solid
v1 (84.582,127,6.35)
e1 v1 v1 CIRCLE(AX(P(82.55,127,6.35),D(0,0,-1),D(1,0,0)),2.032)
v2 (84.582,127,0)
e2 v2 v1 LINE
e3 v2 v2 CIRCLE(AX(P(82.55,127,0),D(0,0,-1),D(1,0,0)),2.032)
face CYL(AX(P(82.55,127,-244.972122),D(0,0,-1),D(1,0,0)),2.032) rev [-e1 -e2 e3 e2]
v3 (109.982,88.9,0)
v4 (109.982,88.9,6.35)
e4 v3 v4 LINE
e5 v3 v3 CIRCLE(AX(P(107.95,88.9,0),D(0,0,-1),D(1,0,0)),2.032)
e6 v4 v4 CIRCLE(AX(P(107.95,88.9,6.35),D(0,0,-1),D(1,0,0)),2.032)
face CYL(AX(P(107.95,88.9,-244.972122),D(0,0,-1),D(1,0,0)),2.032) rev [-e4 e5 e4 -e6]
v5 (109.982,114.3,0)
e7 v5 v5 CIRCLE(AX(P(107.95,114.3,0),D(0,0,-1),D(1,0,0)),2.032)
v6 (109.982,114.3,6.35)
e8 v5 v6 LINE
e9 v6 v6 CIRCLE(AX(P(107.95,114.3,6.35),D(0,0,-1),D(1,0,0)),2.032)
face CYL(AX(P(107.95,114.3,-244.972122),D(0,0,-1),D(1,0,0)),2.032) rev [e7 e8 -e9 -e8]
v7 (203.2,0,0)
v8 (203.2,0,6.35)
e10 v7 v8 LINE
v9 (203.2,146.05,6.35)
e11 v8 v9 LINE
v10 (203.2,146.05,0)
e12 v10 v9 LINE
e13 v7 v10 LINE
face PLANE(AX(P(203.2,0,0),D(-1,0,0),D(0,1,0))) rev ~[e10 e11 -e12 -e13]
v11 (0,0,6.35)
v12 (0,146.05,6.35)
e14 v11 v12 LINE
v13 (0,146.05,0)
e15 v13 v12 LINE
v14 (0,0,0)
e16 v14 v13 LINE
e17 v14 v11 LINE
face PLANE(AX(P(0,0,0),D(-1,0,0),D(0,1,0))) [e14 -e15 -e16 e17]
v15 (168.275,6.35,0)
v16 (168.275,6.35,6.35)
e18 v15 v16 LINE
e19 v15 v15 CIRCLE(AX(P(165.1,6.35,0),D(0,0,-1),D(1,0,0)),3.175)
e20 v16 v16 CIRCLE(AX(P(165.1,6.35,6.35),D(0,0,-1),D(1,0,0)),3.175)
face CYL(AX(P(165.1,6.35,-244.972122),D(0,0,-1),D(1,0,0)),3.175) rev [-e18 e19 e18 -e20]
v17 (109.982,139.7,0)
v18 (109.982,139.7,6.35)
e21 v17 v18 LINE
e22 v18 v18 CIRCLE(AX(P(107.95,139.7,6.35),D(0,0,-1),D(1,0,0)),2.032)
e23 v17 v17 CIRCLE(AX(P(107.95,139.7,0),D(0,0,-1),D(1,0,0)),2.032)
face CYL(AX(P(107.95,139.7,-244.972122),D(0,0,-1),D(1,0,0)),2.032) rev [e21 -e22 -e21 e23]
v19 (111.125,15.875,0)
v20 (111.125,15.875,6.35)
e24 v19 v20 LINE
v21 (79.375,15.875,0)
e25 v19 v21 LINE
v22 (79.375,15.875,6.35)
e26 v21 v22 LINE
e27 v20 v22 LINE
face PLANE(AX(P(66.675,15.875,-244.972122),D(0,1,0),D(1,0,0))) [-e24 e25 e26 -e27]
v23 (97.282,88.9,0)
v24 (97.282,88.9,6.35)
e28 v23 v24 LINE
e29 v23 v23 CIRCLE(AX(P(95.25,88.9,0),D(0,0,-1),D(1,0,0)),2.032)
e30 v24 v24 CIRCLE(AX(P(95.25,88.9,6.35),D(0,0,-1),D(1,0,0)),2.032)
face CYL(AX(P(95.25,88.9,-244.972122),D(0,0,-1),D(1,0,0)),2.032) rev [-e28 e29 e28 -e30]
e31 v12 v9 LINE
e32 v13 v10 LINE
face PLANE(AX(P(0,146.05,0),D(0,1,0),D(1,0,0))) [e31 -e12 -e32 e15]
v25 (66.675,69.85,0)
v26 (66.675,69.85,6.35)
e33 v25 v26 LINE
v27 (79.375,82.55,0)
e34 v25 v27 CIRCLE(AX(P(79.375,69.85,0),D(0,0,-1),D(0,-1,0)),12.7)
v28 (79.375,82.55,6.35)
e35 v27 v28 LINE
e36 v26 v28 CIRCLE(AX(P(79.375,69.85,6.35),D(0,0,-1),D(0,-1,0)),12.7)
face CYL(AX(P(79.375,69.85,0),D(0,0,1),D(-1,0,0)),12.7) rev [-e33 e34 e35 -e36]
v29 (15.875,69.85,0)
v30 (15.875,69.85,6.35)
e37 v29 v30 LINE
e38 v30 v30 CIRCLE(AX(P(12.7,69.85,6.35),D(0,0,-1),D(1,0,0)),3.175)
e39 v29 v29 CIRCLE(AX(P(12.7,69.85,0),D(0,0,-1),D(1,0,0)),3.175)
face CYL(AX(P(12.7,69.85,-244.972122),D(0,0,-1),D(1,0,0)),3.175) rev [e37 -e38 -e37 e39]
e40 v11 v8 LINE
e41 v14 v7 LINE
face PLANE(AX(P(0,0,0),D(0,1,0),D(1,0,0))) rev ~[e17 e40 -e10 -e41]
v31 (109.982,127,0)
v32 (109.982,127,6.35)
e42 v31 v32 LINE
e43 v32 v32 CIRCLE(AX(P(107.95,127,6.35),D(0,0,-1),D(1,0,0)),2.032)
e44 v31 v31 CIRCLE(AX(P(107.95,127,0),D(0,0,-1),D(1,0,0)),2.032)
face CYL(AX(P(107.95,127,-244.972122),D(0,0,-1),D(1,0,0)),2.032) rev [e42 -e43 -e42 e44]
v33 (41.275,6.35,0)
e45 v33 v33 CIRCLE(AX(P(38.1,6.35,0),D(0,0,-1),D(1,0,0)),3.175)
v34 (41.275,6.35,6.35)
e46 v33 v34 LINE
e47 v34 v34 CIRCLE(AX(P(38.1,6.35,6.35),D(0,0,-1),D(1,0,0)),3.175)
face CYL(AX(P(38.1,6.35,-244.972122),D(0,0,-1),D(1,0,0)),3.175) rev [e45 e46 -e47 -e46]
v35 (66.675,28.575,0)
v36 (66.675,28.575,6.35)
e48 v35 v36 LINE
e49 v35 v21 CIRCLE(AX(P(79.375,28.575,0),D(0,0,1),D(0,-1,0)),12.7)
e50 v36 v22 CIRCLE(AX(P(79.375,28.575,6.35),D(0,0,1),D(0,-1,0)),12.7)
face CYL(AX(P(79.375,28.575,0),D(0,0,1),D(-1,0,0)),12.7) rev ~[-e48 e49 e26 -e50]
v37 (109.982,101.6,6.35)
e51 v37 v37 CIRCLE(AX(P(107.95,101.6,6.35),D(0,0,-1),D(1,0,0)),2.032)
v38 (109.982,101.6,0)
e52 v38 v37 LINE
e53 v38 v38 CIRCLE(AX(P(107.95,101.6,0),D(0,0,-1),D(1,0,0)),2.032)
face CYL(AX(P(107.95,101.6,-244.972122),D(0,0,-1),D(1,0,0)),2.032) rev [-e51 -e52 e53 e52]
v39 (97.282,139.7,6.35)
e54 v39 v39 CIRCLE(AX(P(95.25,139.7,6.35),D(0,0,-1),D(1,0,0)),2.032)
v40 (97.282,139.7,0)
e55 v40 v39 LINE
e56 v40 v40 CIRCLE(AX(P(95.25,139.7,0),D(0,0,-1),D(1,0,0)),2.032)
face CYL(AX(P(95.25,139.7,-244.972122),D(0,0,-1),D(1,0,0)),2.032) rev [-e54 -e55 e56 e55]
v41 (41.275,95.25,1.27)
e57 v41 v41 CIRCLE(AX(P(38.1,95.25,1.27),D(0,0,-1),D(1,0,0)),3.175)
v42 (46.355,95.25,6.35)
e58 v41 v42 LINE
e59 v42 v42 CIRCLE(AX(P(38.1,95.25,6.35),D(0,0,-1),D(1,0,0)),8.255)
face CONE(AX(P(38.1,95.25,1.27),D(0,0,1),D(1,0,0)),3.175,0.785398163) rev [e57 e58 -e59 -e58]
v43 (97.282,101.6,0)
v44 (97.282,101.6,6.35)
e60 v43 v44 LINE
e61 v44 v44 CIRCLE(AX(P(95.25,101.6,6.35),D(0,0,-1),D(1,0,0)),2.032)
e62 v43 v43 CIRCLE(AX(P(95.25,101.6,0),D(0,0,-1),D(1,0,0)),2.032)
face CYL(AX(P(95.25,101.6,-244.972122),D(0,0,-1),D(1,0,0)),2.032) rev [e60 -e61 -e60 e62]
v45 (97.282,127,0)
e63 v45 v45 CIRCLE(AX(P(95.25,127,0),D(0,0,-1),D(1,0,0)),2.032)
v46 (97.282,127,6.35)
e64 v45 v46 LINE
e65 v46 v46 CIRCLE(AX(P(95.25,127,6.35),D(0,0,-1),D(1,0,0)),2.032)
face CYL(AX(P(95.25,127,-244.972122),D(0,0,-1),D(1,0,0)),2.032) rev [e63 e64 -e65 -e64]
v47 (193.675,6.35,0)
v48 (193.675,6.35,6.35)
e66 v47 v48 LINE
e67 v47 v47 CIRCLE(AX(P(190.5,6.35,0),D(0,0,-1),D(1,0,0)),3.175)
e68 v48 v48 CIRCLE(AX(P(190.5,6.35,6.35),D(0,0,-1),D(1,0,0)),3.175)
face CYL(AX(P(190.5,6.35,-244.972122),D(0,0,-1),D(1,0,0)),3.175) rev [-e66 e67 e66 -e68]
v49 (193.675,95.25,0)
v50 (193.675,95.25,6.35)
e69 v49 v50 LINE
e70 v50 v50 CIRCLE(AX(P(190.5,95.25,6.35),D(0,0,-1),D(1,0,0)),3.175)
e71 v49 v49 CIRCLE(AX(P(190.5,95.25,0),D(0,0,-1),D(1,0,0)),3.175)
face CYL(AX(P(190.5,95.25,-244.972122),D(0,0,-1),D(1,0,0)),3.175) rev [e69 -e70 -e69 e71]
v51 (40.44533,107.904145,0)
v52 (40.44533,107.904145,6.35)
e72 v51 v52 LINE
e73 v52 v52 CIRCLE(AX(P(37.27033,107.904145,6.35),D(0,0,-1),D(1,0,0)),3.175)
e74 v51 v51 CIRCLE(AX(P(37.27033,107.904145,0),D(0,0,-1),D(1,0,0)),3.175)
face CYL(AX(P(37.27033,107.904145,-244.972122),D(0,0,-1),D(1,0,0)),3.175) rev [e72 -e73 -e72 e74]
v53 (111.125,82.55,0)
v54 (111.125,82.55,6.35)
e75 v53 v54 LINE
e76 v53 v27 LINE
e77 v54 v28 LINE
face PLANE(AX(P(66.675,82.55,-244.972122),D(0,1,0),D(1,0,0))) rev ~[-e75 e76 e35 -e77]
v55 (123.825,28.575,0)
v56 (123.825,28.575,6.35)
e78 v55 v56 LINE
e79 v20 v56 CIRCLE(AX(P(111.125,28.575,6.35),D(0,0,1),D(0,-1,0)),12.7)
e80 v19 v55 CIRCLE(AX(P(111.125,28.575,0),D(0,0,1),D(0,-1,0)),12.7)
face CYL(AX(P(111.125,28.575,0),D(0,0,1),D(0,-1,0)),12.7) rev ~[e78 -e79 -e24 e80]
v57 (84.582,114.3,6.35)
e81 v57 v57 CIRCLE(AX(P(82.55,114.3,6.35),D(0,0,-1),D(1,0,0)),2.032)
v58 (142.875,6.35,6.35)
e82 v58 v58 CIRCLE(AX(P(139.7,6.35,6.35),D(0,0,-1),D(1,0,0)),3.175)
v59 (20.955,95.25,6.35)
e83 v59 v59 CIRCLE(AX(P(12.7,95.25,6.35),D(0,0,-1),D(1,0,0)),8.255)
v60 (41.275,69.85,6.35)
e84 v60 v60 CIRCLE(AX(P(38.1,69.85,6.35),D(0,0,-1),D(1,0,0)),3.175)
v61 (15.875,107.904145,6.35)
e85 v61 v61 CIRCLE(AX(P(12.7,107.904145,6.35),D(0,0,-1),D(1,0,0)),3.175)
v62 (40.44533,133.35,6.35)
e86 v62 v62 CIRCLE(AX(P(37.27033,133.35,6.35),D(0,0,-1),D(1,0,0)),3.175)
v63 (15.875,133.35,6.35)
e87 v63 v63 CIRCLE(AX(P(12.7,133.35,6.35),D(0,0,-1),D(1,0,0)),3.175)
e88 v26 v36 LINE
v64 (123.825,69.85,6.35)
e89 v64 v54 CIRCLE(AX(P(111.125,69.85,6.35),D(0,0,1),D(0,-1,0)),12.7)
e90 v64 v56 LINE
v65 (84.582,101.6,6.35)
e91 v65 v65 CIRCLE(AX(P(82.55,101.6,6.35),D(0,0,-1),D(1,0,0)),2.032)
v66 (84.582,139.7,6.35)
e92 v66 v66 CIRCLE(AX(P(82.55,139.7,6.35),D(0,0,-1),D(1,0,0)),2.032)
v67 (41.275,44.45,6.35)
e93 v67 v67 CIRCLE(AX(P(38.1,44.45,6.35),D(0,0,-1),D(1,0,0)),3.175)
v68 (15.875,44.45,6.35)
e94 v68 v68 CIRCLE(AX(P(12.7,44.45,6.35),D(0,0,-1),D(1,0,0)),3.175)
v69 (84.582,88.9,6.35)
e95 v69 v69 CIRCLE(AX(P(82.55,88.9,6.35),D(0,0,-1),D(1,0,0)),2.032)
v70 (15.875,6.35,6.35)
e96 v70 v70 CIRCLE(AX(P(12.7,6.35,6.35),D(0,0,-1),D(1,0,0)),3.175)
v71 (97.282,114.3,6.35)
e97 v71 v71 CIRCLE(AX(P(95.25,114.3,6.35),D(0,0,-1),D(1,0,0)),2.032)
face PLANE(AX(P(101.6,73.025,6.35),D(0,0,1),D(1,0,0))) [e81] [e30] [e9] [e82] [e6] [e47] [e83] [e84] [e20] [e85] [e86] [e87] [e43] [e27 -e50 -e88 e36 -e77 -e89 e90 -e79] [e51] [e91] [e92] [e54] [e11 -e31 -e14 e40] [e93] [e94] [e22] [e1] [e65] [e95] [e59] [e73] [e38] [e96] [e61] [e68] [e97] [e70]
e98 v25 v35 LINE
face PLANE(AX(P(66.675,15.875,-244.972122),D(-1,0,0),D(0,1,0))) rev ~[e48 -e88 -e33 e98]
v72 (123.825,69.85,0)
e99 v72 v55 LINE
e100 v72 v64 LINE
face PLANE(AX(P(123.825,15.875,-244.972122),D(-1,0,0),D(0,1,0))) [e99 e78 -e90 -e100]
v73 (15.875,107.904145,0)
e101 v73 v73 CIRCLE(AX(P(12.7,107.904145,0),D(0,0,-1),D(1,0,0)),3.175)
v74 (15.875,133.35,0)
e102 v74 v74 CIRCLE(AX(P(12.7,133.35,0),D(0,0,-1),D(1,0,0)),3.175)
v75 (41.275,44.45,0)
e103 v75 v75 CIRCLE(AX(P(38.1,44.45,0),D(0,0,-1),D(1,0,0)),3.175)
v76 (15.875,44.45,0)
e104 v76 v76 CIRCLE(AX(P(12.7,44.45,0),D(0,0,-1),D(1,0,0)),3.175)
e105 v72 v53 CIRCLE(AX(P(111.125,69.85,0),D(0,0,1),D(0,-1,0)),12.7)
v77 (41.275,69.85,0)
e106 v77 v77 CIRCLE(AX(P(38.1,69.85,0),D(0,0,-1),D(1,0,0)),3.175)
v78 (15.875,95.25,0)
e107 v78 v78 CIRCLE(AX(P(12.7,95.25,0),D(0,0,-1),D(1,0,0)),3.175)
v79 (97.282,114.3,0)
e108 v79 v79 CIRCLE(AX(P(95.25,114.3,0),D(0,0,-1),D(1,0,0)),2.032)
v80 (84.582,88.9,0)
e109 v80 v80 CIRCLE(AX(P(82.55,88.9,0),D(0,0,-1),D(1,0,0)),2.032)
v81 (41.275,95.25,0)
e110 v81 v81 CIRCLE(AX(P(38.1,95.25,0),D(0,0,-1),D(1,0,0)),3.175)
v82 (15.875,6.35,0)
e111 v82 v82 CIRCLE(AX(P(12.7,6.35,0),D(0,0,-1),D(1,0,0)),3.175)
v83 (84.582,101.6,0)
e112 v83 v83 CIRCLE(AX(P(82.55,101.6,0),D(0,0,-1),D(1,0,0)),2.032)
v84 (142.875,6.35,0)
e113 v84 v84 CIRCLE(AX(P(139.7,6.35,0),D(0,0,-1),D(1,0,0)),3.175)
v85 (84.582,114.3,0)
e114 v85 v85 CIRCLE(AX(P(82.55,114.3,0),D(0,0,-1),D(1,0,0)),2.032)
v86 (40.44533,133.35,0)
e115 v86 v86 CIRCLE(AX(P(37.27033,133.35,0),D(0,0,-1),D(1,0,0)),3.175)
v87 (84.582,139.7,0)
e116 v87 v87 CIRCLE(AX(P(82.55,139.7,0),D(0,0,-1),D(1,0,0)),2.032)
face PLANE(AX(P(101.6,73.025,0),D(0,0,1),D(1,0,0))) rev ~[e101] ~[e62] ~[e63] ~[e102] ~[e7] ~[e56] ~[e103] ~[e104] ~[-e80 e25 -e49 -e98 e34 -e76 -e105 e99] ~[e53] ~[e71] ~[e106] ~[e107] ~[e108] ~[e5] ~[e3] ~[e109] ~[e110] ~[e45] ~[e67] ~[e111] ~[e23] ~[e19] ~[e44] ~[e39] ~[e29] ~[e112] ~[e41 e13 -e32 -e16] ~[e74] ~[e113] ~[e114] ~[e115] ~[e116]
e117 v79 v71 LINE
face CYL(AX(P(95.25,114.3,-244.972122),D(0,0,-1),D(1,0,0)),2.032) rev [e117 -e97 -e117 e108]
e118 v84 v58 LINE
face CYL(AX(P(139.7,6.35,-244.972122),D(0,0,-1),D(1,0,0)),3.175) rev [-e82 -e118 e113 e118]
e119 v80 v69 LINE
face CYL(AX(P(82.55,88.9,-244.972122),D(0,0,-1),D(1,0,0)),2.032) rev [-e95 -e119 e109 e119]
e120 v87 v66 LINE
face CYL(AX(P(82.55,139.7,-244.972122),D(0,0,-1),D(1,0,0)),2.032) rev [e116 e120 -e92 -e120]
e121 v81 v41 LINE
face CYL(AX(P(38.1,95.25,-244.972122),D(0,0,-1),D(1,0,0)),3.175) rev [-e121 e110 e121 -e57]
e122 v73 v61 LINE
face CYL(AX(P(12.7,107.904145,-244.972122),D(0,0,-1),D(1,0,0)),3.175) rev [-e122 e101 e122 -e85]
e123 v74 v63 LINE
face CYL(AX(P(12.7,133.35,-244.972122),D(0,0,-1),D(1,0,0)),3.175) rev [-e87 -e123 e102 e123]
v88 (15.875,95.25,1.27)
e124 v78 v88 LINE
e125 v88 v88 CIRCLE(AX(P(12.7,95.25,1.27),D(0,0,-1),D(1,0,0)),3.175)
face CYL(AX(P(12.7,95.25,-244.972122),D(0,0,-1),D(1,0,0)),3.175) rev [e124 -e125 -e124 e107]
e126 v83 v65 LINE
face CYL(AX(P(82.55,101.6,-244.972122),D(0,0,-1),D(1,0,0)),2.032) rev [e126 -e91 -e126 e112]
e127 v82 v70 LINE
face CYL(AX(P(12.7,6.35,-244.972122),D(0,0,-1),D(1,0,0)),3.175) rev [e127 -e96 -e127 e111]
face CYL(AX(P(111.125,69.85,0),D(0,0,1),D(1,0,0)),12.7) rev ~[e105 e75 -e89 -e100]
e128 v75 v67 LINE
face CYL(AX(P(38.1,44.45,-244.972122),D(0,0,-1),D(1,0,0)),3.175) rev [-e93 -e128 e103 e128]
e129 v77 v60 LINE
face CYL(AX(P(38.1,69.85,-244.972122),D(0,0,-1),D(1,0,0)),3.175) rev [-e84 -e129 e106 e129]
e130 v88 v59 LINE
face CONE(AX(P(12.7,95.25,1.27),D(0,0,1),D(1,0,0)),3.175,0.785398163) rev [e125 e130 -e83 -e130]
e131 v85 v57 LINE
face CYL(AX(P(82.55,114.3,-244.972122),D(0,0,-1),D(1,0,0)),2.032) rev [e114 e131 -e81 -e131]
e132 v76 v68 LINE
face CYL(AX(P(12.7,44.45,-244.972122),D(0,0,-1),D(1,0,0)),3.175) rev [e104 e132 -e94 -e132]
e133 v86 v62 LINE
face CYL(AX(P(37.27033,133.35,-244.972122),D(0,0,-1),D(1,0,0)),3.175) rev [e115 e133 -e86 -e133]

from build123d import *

# Parameters (mm, degrees)
SKETCH1_W               = 203.2
SKETCH1_H               = 146.05
BOSS_EXTRUDE1_DEPTH     = 6.35
CUT_EXTRUDE1_DEPTH      = 251.322122474
CUT_EXTRUDE1_DEPTH_BACK = 251.322122474
SKETCH2_R               = 3.175
CUT_EXTRUDE2_DEPTH      = 251.322122474
CUT_EXTRUDE2_DEPTH_BACK = 251.322122474
SKETCH3_R               = 2.032
CUT_EXTRUDE3_DEPTH      = 251.322122474
CUT_EXTRUDE3_DEPTH_BACK = 251.322122474
SKETCH4_W               = 57.15
SKETCH4_H               = 66.675
FILLET1_R               = 12.7
CHAMFER1_SIZE           = 5.08


with BuildPart() as part:
    # Sketch1 → Boss-Extrude1 (new body)
    with BuildSketch(Plane.XY):
        with Locations((101.6, 73.025)):
            Rectangle(SKETCH1_W, SKETCH1_H)
    extrude(amount=BOSS_EXTRUDE1_DEPTH)

    # Sketch2 → Cut-Extrude1 (cut, two sides: drawn at the far end of the back side and taken through both)
    with BuildSketch(Plane.XY.offset(6.35).offset(-CUT_EXTRUDE1_DEPTH_BACK)):
        with Locations((12.7, 133.35)):
            Circle(SKETCH2_R)
        with Locations((37.270330063, 133.35)):
            Circle(SKETCH2_R)
        with Locations((12.7, 107.904145464)):
            Circle(SKETCH2_R)
        with Locations((37.270330063, 107.904145464)):
            Circle(SKETCH2_R)
        with Locations((12.7, 95.25)):
            Circle(SKETCH2_R)
        with Locations((38.1, 95.25)):
            Circle(SKETCH2_R)
        with Locations((12.7, 69.85)):
            Circle(SKETCH2_R)
        with Locations((38.1, 69.85)):
            Circle(SKETCH2_R)
        with Locations((12.7, 44.45)):
            Circle(SKETCH2_R)
        with Locations((38.1, 44.45)):
            Circle(SKETCH2_R)
        with Locations((12.7, 6.35)):
            Circle(SKETCH2_R)
        with Locations((38.1, 6.35)):
            Circle(SKETCH2_R)
        with Locations((139.7, 6.35)):
            Circle(SKETCH2_R)
        with Locations((165.1, 6.35)):
            Circle(SKETCH2_R)
        with Locations((190.5, 6.35)):
            Circle(SKETCH2_R)
        with Locations((190.5, 95.25)):
            Circle(SKETCH2_R)
    extrude(amount=CUT_EXTRUDE1_DEPTH + CUT_EXTRUDE1_DEPTH_BACK, mode=Mode.SUBTRACT)

    # Sketch3 → Cut-Extrude2 (cut, two sides: drawn at the far end of the back side and taken through both)
    with BuildSketch(Plane.XY.offset(6.35).offset(-CUT_EXTRUDE2_DEPTH_BACK)):
        with Locations((95.25, 139.7)):
            Circle(SKETCH3_R)
        with Locations((107.95, 139.7)):
            Circle(SKETCH3_R)
        with Locations((82.55, 139.7)):
            Circle(SKETCH3_R)
        with Locations((107.95, 127)):
            Circle(SKETCH3_R)
        with Locations((95.25, 127)):
            Circle(SKETCH3_R)
        with Locations((82.55, 127)):
            Circle(SKETCH3_R)
        with Locations((107.95, 114.3)):
            Circle(SKETCH3_R)
        with Locations((95.25, 114.3)):
            Circle(SKETCH3_R)
        with Locations((82.55, 114.3)):
            Circle(SKETCH3_R)
        with Locations((107.95, 101.6)):
            Circle(SKETCH3_R)
        with Locations((95.25, 101.6)):
            Circle(SKETCH3_R)
        with Locations((82.55, 101.6)):
            Circle(SKETCH3_R)
        with Locations((107.95, 88.9)):
            Circle(SKETCH3_R)
        with Locations((95.25, 88.9)):
            Circle(SKETCH3_R)
        with Locations((82.55, 88.9)):
            Circle(SKETCH3_R)
    extrude(amount=CUT_EXTRUDE2_DEPTH + CUT_EXTRUDE2_DEPTH_BACK, mode=Mode.SUBTRACT)

    # Sketch4 → Cut-Extrude3 (cut, two sides: drawn at the far end of the back side and taken through both)
    with BuildSketch(Plane.XY.offset(6.35).offset(-CUT_EXTRUDE3_DEPTH_BACK)):
        with Locations((95.25, 49.2125)):
            Rectangle(SKETCH4_W, SKETCH4_H)
    extrude(amount=CUT_EXTRUDE3_DEPTH + CUT_EXTRUDE3_DEPTH_BACK, mode=Mode.SUBTRACT)

    # Fillet1
    fillet1_edges = [part.edges().sort_by_distance(p)[0] for p in [
        (66.675, 15.875, 3.175),
        (66.675, 82.55, 3.175),
        (123.825, 82.55, 3.175),
        (123.825, 15.875, 3.175),
    ]]
    fillet(fillet1_edges, radius=FILLET1_R)

    # Chamfer1
    chamfer1_edges = [part.edges().sort_by_distance(p)[0] for p in [
        (34.925, 95.25, 6.35),
        (9.525, 95.25, 6.35),
    ]]
    chamfer(chamfer1_edges, length=CHAMFER1_SIZE)


solid = part.part
